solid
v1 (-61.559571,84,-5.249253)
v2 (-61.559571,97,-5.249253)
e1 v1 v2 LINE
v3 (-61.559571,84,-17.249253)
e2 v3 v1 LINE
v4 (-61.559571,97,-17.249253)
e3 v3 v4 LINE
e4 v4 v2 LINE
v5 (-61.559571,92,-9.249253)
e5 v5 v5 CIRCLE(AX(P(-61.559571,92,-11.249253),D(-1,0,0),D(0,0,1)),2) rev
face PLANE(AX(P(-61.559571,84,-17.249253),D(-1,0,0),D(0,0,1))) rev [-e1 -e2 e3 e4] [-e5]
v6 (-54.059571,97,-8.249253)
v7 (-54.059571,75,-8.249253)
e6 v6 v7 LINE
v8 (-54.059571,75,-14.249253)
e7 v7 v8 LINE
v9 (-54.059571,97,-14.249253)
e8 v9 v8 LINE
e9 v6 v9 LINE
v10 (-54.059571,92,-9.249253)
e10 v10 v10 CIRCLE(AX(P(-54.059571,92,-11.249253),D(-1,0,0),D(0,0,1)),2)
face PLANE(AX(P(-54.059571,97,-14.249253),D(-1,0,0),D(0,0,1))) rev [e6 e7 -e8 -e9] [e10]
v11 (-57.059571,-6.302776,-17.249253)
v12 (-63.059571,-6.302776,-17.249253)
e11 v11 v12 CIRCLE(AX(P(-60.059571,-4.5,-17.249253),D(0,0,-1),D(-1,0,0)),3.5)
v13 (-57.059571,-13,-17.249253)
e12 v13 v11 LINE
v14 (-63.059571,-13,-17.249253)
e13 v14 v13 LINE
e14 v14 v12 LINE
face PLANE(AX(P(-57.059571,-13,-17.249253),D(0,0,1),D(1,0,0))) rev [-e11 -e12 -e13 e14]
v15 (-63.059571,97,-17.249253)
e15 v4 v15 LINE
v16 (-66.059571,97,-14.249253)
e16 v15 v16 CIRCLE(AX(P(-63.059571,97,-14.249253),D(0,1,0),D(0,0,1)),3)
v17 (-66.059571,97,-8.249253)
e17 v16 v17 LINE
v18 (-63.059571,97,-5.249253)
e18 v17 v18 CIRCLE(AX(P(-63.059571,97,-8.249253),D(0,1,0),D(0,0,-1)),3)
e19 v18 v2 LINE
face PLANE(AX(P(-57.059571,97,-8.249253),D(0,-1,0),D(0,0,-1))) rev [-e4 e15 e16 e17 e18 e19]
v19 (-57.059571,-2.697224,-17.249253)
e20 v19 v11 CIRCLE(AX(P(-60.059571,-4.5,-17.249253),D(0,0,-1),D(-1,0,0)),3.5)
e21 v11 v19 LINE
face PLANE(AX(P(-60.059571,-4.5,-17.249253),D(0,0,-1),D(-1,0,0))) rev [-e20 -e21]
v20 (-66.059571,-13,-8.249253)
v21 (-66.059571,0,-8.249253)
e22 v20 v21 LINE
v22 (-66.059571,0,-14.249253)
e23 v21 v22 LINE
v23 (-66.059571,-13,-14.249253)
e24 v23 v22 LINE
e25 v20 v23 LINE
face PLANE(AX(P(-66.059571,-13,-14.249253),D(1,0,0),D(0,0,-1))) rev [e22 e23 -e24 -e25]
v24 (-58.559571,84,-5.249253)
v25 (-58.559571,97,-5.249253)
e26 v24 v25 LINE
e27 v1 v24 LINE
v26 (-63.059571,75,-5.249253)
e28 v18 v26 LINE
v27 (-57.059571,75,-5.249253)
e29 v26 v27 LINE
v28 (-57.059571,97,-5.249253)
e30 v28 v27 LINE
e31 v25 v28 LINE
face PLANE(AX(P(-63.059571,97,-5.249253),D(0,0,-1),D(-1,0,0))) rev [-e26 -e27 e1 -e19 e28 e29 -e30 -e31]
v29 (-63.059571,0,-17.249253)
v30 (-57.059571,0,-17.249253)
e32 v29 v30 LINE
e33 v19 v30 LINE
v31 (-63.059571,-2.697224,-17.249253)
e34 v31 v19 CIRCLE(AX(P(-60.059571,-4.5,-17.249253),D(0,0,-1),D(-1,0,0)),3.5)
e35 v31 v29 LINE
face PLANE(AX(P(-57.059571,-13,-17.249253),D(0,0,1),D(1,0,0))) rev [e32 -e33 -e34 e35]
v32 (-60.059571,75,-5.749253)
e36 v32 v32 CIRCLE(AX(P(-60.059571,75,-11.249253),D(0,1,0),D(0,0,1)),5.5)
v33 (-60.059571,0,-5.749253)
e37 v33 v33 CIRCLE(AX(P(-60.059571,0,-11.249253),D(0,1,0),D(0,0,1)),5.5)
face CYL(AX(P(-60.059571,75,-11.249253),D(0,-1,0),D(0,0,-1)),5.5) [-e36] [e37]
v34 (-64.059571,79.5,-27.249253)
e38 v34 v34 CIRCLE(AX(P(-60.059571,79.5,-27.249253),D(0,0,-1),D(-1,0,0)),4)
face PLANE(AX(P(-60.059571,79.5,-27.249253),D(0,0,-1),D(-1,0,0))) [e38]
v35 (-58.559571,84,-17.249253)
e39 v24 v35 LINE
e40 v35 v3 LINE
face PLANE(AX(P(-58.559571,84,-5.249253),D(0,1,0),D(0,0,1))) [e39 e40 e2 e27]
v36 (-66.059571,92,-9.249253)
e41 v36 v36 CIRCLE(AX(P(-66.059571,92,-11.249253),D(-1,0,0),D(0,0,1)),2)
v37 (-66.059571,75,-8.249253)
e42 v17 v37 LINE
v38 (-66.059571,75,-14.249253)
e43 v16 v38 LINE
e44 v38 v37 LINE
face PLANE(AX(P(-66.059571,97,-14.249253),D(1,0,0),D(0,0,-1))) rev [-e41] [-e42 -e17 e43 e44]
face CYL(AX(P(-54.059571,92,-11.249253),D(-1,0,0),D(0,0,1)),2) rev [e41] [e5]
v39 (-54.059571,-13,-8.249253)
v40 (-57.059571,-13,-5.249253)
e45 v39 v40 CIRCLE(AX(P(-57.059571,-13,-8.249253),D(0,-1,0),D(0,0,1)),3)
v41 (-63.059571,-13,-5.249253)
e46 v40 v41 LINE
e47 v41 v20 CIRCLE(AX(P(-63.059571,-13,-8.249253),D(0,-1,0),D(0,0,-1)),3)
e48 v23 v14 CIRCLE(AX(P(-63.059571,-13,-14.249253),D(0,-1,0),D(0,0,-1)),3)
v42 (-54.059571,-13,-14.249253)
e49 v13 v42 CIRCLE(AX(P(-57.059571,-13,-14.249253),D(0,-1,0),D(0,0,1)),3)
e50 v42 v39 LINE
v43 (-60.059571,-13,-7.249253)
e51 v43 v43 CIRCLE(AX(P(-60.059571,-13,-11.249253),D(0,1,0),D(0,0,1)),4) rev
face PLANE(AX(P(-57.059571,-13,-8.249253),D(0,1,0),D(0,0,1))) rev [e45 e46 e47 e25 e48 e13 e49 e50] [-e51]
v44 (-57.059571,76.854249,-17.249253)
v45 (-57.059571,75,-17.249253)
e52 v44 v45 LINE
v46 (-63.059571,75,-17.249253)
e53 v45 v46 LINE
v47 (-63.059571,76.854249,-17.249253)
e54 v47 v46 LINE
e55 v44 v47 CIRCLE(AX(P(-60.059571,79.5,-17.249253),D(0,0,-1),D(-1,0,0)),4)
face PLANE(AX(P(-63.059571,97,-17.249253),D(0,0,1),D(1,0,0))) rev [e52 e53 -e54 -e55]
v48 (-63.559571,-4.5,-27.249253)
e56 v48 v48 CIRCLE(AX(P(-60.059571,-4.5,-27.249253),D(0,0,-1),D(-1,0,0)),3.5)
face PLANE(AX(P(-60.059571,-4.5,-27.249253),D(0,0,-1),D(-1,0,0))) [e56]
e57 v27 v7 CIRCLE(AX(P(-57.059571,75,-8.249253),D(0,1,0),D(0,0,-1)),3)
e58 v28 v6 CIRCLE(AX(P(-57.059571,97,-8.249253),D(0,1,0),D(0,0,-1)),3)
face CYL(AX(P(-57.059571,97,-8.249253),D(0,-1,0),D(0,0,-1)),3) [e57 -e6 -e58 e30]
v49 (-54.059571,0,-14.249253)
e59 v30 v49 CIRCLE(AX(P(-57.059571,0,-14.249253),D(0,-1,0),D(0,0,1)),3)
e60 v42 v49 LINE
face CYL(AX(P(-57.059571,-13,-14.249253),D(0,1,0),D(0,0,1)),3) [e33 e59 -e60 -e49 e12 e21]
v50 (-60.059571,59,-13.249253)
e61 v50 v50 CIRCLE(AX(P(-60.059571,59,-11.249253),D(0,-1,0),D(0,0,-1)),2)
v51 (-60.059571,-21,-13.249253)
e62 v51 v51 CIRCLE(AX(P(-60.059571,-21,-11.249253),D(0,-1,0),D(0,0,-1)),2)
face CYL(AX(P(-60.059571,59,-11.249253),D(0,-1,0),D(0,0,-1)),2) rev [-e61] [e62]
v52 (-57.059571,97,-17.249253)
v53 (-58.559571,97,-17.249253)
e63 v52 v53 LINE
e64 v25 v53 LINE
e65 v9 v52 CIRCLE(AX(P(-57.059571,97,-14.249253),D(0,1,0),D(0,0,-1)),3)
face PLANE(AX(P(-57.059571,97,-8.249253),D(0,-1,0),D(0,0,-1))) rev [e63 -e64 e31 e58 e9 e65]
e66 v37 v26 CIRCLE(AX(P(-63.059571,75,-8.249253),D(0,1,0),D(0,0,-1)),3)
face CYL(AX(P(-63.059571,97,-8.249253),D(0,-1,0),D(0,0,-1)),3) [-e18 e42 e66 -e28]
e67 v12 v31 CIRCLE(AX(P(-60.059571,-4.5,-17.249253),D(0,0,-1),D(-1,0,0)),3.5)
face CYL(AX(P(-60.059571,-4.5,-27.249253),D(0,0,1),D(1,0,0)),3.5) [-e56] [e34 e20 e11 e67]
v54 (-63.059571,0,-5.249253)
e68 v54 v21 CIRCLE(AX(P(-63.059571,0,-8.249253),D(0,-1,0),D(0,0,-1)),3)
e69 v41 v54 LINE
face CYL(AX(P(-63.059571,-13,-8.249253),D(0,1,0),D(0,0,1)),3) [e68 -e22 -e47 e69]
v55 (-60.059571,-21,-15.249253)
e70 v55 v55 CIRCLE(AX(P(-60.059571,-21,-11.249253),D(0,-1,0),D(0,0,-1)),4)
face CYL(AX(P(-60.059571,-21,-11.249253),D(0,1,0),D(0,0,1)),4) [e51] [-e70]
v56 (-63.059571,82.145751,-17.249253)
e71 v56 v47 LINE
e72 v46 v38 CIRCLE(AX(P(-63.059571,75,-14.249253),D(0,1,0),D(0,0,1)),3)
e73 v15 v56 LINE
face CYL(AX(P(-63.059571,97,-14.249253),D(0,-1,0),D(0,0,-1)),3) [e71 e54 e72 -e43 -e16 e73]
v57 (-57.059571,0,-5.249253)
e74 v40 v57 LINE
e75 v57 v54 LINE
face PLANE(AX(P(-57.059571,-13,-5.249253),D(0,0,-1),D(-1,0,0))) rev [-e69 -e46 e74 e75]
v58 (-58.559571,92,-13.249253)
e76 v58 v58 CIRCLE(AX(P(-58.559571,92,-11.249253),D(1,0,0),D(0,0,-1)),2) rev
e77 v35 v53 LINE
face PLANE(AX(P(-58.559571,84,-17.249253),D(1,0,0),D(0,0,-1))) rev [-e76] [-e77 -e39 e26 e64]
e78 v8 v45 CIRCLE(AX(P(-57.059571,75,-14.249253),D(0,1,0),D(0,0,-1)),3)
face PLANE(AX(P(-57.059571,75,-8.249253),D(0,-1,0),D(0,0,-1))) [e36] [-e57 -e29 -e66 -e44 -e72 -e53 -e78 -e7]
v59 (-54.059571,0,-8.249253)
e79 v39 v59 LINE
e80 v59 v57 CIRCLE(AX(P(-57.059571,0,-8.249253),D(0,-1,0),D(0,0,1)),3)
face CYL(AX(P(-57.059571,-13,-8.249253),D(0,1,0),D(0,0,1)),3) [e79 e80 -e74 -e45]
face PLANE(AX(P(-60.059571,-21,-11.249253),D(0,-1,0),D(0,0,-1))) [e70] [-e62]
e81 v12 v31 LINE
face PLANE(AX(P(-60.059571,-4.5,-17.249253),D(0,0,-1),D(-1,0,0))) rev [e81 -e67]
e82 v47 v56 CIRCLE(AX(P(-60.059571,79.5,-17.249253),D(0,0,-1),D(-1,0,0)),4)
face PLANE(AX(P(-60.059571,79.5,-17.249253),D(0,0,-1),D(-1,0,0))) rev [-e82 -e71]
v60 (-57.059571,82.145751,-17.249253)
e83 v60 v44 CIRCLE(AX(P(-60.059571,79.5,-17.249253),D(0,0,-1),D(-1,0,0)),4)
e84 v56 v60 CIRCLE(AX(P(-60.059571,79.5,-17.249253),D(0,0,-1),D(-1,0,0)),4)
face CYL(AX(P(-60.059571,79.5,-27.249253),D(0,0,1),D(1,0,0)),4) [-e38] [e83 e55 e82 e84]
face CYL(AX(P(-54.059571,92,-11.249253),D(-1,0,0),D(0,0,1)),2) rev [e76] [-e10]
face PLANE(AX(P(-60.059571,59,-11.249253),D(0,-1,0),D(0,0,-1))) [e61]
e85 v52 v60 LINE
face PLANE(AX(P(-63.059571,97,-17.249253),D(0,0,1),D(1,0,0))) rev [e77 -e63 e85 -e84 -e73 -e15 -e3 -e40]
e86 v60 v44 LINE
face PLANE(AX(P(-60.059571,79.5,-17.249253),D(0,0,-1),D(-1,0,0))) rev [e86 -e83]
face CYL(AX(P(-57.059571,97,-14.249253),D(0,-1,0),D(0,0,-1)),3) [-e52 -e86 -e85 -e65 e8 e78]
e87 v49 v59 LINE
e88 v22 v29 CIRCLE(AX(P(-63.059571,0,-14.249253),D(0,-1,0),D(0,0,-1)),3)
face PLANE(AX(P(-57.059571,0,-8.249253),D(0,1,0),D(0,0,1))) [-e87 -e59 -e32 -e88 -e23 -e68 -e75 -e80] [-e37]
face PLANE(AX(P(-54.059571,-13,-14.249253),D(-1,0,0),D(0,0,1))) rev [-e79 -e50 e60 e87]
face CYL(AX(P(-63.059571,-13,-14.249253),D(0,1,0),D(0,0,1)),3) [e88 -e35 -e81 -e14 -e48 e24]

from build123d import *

# Parameters (mm, degrees)
SKETCH1_R           = 5.5
BOSS_EXTRUDE1_DEPTH = 75
BOSS_EXTRUDE2_DEPTH = 22
SKETCH3_R           = 2
CUT_EXTRUDE1_DEPTH  = 100.249870156
SKETCH4_W           = 3
SKETCH4_H           = 12
CUT_EXTRUDE2_DEPTH  = 13
SKETCH5_R           = 4
BOSS_EXTRUDE3_DEPTH = 10
BOSS_EXTRUDE4_START = 13
BOSS_EXTRUDE4_DEPTH = 13
SKETCH7_R           = 3.5
BOSS_EXTRUDE5_DEPTH = 10
SKETCH9_R           = 4
BOSS_EXTRUDE6_DEPTH = 8
SKETCH10_R          = 2
CUT_EXTRUDE3_DEPTH  = 80


with BuildPart() as part:
    # Sketch1 → Boss-Extrude1 (new body)
    with BuildSketch(Plane(origin=(0, 0, 0), x_dir=(1, 0, 0), z_dir=(0, 1, 0))):
        with Locations(Location((-60.059570612, 11.249252908, 0), (0, 0, 270))):
            Circle(SKETCH1_R)
    extrude(amount=BOSS_EXTRUDE1_DEPTH)

    # Sketch2 → Boss-Extrude2 (add)
    with BuildSketch(Plane(origin=(0, 75, 0), x_dir=(1, 0, 0), z_dir=(0, 1, 0))):
        with BuildLine():
            Line((-63.059570612, 17.249252908), (-57.059570612, 17.249252908))
            ThreePointArc((-57.059570612, 17.249252908), (-54.938250268, 16.370573252), (-54.059570612, 14.249252908))
            Line((-54.059570612, 14.249252908), (-54.059570612, 8.249252908))
            ThreePointArc((-54.059570612, 8.249252908), (-54.938250268, 6.127932565), (-57.059570612, 5.249252908))
            Line((-57.059570612, 5.249252908), (-63.059570612, 5.249252908))
            ThreePointArc((-63.059570612, 5.249252908), (-65.180890956, 6.127932565), (-66.059570612, 8.249252908))
            Line((-66.059570612, 8.249252908), (-66.059570612, 14.249252908))
            ThreePointArc((-66.059570612, 14.249252908), (-65.180890956, 16.370573252), (-63.059570612, 17.249252908))
        make_face()
    extrude(amount=BOSS_EXTRUDE2_DEPTH)

    # Sketch3 → Cut-Extrude1 (cut, through all)
    with BuildSketch(Plane.ZY.offset(66.059570612)):
        with Locations((-11.249252908, 92)):
            Circle(SKETCH3_R)
    extrude(amount=-CUT_EXTRUDE1_DEPTH, mode=Mode.SUBTRACT)

    # Sketch4 → Cut-Extrude2 (cut)
    with BuildSketch(Plane(origin=(0, 97, 0), x_dir=(1, 0, 0), z_dir=(0, 1, 0))):
        with Locations((-60.059570612, 11.249252908)):
            Rectangle(SKETCH4_W, SKETCH4_H)
    extrude(amount=-CUT_EXTRUDE2_DEPTH, mode=Mode.SUBTRACT)

    # Sketch5 → Boss-Extrude3 (add)
    with BuildSketch(Plane(origin=(0, 0, -17.249252908), x_dir=(-1, 0, 0), z_dir=(0, 0, -1))):
        with Locations(Location((60.059570612, 79.5, 0), (0, 0, 138.590377891))):
            Circle(SKETCH5_R)
    extrude(amount=BOSS_EXTRUDE3_DEPTH)

    # Sketch6 → Boss-Extrude4 (add)
    with BuildSketch(Plane.XZ.offset(BOSS_EXTRUDE4_START)):
        with BuildLine():
            Line((-57.059570612, -17.249252908), (-63.059570612, -17.249252908))
            ThreePointArc((-63.059570612, -17.249252908), (-65.180890956, -16.370573252), (-66.059570612, -14.249252908))
            Line((-66.059570612, -14.249252908), (-66.059570612, -8.249252908))
            ThreePointArc((-66.059570612, -8.249252908), (-65.180890956, -6.127932565), (-63.059570612, -5.249252908))
            Line((-63.059570612, -5.249252908), (-57.059570612, -5.249252908))
            ThreePointArc((-57.059570612, -5.249252908), (-54.938250268, -6.127932565), (-54.059570612, -8.249252908))
            Line((-54.059570612, -8.249252908), (-54.059570612, -14.249252908))
            ThreePointArc((-54.059570612, -14.249252908), (-54.938250268, -16.370573252), (-57.059570612, -17.249252908))
        make_face()
    extrude(amount=-BOSS_EXTRUDE4_DEPTH)

    # Sketch7 → Boss-Extrude5 (add)
    with BuildSketch(Plane(origin=(0, 0, -17.249252908), x_dir=(-1, 0, 0), z_dir=(0, 0, -1))):
        with Locations(Location((60.059570612, -4.5, 0), (0, 0, 148.997280866))):
            Circle(SKETCH7_R)
    extrude(amount=BOSS_EXTRUDE5_DEPTH)

    # Sketch9 → Boss-Extrude6 (add)
    with BuildSketch(Plane.XZ.offset(13)):
        with Locations(Location((-60.059570612, -11.249252908, 0), (0, 0, 90))):
            Circle(SKETCH9_R)
    extrude(amount=BOSS_EXTRUDE6_DEPTH)

    # Sketch10 → Cut-Extrude3 (cut)
    with BuildSketch(Plane.XZ.offset(21)):
        with Locations(Location((-60.059570612, -11.249252908, 0), (0, 0, 270))):
            Circle(SKETCH10_R)
    extrude(amount=-CUT_EXTRUDE3_DEPTH, mode=Mode.SUBTRACT)


solid = part.part
